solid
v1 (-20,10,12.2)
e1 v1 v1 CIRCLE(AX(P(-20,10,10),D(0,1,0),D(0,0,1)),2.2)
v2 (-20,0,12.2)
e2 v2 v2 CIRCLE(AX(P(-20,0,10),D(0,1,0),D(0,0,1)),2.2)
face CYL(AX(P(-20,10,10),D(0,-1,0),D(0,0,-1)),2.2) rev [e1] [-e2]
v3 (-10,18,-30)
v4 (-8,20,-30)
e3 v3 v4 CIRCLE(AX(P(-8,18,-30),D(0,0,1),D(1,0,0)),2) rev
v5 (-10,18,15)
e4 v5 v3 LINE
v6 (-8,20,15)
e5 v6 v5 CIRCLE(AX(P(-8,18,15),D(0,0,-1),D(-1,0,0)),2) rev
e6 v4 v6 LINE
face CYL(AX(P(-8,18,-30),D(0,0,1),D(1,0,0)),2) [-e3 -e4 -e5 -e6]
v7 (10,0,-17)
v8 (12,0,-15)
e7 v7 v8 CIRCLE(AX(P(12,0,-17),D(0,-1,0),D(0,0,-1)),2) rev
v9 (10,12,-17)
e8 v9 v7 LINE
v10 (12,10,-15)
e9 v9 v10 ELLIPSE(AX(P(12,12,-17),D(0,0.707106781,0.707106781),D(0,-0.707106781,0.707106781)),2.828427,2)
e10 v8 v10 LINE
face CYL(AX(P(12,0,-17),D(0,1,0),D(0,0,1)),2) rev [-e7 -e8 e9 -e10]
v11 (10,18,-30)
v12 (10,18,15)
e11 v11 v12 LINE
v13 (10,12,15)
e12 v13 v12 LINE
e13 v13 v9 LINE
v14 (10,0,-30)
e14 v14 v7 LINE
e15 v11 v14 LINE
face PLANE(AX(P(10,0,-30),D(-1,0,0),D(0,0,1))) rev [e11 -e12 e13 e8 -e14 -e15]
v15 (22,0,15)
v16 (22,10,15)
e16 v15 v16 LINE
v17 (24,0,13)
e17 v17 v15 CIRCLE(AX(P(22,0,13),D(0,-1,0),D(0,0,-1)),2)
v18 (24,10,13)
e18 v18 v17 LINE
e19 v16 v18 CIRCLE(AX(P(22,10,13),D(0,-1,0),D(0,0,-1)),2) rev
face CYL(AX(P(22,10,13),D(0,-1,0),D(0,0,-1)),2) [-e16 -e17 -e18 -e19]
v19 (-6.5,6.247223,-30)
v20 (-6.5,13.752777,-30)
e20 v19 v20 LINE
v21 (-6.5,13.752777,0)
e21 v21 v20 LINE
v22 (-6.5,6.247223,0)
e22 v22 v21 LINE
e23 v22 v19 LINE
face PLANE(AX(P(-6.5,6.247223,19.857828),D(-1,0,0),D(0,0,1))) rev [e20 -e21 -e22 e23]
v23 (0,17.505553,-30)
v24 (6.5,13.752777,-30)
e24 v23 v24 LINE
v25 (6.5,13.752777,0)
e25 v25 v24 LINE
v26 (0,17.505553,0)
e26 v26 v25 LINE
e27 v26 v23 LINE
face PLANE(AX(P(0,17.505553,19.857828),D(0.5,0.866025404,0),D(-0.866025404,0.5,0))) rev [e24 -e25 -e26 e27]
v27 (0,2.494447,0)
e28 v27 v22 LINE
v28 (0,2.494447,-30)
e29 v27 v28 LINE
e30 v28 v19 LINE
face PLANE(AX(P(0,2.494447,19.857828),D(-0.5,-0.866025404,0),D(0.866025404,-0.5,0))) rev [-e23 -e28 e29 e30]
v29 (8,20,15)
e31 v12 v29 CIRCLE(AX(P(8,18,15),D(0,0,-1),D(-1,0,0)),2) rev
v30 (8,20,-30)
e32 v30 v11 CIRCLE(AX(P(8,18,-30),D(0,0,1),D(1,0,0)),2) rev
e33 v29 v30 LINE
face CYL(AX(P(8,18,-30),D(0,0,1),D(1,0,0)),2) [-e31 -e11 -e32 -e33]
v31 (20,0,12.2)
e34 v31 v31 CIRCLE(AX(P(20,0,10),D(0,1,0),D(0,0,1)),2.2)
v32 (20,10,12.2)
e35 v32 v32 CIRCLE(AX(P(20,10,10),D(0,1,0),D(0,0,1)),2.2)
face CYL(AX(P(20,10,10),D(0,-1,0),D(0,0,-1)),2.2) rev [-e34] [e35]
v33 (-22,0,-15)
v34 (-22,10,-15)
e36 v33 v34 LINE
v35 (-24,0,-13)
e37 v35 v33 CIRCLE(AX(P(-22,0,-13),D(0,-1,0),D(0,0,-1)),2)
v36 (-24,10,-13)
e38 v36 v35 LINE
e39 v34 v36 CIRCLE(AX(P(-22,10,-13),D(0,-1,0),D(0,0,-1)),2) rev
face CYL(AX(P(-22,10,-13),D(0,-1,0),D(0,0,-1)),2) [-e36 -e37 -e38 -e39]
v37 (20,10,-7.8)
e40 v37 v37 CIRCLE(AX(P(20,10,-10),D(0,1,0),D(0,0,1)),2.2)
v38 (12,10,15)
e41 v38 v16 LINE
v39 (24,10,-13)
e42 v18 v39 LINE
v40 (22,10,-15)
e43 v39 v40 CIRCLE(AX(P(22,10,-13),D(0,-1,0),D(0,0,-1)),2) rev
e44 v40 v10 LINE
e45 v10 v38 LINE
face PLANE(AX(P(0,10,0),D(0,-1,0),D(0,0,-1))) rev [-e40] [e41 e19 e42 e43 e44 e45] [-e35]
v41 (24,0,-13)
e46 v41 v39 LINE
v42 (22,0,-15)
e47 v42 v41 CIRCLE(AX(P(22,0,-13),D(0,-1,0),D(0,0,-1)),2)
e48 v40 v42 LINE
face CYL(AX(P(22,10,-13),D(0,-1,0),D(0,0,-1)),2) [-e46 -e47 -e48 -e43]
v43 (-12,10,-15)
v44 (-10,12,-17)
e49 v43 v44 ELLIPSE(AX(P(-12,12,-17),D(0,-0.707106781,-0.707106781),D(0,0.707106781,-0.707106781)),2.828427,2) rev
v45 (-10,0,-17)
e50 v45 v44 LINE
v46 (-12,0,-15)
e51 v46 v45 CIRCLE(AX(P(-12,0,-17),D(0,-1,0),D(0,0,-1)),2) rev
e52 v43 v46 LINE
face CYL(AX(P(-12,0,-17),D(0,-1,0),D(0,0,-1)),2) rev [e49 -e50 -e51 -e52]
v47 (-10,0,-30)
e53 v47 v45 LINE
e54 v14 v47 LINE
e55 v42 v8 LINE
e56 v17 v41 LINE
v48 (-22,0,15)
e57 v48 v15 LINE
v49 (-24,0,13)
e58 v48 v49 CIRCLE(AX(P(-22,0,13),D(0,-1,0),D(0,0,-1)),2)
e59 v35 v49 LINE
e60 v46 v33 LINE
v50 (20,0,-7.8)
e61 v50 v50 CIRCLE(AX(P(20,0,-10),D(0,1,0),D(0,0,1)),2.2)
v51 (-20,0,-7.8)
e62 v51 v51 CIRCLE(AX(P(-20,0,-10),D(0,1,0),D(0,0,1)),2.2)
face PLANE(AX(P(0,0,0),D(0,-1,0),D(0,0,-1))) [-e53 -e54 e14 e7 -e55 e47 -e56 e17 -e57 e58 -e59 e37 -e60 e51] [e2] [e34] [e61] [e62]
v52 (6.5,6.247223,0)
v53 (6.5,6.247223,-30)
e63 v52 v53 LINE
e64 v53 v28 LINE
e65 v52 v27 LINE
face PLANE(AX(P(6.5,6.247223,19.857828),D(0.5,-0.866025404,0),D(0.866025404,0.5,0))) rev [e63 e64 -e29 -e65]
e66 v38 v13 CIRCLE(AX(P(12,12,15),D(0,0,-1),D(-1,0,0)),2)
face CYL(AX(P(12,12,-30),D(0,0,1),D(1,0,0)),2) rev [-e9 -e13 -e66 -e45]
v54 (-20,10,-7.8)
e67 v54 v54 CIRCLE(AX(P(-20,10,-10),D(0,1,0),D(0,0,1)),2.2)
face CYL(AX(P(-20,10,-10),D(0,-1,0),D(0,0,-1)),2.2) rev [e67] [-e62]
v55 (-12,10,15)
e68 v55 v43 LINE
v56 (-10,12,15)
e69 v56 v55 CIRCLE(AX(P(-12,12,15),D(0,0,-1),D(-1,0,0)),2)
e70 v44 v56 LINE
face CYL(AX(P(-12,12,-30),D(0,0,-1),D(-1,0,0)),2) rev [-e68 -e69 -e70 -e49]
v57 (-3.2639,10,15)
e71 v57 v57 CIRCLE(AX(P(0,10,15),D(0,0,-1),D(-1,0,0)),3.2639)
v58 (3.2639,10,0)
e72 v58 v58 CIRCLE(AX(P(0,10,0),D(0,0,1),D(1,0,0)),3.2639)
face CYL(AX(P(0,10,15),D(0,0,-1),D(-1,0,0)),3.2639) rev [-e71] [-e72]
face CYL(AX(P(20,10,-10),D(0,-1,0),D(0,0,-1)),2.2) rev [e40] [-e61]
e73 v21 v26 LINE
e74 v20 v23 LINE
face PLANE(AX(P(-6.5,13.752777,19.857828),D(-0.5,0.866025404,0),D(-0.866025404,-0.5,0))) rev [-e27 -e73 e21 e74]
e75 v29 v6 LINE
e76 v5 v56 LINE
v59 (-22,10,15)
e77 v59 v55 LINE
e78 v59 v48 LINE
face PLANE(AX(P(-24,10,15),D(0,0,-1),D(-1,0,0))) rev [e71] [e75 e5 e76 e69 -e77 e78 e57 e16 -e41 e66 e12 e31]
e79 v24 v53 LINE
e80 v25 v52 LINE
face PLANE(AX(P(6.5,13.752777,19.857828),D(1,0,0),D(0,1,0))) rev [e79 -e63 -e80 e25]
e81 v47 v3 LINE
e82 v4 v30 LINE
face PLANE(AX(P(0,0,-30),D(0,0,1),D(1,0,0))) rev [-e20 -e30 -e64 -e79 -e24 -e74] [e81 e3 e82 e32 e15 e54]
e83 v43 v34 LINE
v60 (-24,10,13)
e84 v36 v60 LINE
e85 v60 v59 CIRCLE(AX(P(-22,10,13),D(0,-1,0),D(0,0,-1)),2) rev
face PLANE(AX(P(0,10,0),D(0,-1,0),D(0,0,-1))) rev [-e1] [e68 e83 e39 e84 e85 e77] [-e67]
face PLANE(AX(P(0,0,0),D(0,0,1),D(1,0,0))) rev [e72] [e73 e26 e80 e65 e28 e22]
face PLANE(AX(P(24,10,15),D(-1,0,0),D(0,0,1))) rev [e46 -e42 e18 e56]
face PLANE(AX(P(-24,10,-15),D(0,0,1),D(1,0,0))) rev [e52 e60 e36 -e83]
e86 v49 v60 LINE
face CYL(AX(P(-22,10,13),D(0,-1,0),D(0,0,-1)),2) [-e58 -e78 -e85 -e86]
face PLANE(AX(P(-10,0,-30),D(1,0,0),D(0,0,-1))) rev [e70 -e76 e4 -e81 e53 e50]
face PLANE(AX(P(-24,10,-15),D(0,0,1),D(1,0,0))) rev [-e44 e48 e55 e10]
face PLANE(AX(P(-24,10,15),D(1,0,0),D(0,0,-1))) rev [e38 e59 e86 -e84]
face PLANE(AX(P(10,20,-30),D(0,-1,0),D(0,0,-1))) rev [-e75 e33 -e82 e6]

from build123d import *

# Parameters (mm, degrees)
SKETCH1_W                       = 48
SKETCH1_H                       = 30
SKETCH1_R                       = 2.2
BOSS_EXTRUDE1_DEPTH             = 10
BOSS_EXTRUDE2_REACH             = 41.699
SKETCH3_W                       = 20
SKETCH3_H                       = 20
BOSS_EXTRUDE2_DIRECTION_2_DEPTH = 15
CUT_EXTRUDE1_START              = -30
CUT_EXTRUDE1_DEPTH              = 30
SKETCH5_R                       = 3.2639
CUT_EXTRUDE2_DEPTH              = 44.312815655
FILLET2_R                       = 2


with BuildPart() as part:
    # Sketch1 → Boss-Extrude1 (new body)
    with BuildSketch(Plane(origin=(0, 0, 0), x_dir=(1, 0, 0), z_dir=(0, 1, 0))):
        Rectangle(SKETCH1_W, SKETCH1_H)
        with Locations(Location((-20, 10, 0), (0, 0, 270))):
            Circle(SKETCH1_R, mode=Mode.SUBTRACT)
        with Locations(Location((20, 10, 0), (0, 0, 270))):
            Circle(SKETCH1_R, mode=Mode.SUBTRACT)
        with Locations(Location((20, -10, 0), (0, 0, 270))):
            Circle(SKETCH1_R, mode=Mode.SUBTRACT)
        with Locations(Location((-20, -10, 0), (0, 0, 270))):
            Circle(SKETCH1_R, mode=Mode.SUBTRACT)
    extrude(amount=BOSS_EXTRUDE1_DEPTH)

    # Boss-Extrude2: up to this face of the body (flat: up to its plane)
    boss_extrude2_end = Plane(part.part.faces().sort_by_distance((0, 5, 15))[0])
    # Sketch3 → Boss-Extrude2 (add, up to the picked face)
    with BuildSketch(Plane(origin=(0, 0, -15), x_dir=(-1, 0, 0), z_dir=(0, 0, -1)), mode=Mode.PRIVATE) as boss_extrude2_sk1:
        with Locations((0, 10)):
            Rectangle(SKETCH3_W, SKETCH3_H)
    boss_extrude2_tool1 = split(extrude(boss_extrude2_sk1.sketch, amount=-BOSS_EXTRUDE2_REACH, mode=Mode.PRIVATE), bisect_by=boss_extrude2_end, keep=Keep.BOTH, mode=Mode.PRIVATE)
    add(boss_extrude2_tool1.solids().sort_by(Axis((0, 10, -15), (0, 0, 1)))[0])

    # Sketch3 → Boss-Extrude2 direction 2 (add)
    with BuildSketch(Plane(origin=(0, 0, -15), x_dir=(-1, 0, 0), z_dir=(0, 0, -1))):
        with Locations((0, 10)):
            Rectangle(SKETCH3_W, SKETCH3_H)
    extrude(amount=BOSS_EXTRUDE2_DIRECTION_2_DEPTH)

    # Sketch4 → Cut-Extrude1 (cut)
    with BuildSketch(Plane(origin=(0, 0, -30), x_dir=(-1, 0, 0), z_dir=(0, 0, -1)).offset(CUT_EXTRUDE1_START)):
        Polygon((-6.5, 13.75277675), (-6.5, 6.24722325), (0, 2.494446501), (6.5, 6.24722325), (6.5, 13.75277675), (0, 17.505553499), align=None)
    extrude(amount=CUT_EXTRUDE1_DEPTH, mode=Mode.SUBTRACT)

    # Sketch5 → Cut-Extrude2 (cut, through all)
    with BuildSketch(Plane(origin=(0, 0, -15), x_dir=(-1, 0, 0), z_dir=(0, 0, -1))):
        with Locations((0, 10)):
            Circle(SKETCH5_R)
    extrude(amount=-CUT_EXTRUDE2_DEPTH, mode=Mode.SUBTRACT)

    # Fillet2
    fillet2_edges = [part.edges().sort_by_distance(p)[0] for p in [
        (-10, 5, -15),
        (10, 5, -15),
        (10, 10, 0),
        (10, 20, -7.5),
        (-10, 10, 0),
        (-10, 20, -7.5),
        (-24, 5, -15),
        (24, 5, -15),
        (24, 5, 15),
        (-24, 5, 15),
    ]]
    fillet(fillet2_edges, radius=FILLET2_R)


solid = part.part
